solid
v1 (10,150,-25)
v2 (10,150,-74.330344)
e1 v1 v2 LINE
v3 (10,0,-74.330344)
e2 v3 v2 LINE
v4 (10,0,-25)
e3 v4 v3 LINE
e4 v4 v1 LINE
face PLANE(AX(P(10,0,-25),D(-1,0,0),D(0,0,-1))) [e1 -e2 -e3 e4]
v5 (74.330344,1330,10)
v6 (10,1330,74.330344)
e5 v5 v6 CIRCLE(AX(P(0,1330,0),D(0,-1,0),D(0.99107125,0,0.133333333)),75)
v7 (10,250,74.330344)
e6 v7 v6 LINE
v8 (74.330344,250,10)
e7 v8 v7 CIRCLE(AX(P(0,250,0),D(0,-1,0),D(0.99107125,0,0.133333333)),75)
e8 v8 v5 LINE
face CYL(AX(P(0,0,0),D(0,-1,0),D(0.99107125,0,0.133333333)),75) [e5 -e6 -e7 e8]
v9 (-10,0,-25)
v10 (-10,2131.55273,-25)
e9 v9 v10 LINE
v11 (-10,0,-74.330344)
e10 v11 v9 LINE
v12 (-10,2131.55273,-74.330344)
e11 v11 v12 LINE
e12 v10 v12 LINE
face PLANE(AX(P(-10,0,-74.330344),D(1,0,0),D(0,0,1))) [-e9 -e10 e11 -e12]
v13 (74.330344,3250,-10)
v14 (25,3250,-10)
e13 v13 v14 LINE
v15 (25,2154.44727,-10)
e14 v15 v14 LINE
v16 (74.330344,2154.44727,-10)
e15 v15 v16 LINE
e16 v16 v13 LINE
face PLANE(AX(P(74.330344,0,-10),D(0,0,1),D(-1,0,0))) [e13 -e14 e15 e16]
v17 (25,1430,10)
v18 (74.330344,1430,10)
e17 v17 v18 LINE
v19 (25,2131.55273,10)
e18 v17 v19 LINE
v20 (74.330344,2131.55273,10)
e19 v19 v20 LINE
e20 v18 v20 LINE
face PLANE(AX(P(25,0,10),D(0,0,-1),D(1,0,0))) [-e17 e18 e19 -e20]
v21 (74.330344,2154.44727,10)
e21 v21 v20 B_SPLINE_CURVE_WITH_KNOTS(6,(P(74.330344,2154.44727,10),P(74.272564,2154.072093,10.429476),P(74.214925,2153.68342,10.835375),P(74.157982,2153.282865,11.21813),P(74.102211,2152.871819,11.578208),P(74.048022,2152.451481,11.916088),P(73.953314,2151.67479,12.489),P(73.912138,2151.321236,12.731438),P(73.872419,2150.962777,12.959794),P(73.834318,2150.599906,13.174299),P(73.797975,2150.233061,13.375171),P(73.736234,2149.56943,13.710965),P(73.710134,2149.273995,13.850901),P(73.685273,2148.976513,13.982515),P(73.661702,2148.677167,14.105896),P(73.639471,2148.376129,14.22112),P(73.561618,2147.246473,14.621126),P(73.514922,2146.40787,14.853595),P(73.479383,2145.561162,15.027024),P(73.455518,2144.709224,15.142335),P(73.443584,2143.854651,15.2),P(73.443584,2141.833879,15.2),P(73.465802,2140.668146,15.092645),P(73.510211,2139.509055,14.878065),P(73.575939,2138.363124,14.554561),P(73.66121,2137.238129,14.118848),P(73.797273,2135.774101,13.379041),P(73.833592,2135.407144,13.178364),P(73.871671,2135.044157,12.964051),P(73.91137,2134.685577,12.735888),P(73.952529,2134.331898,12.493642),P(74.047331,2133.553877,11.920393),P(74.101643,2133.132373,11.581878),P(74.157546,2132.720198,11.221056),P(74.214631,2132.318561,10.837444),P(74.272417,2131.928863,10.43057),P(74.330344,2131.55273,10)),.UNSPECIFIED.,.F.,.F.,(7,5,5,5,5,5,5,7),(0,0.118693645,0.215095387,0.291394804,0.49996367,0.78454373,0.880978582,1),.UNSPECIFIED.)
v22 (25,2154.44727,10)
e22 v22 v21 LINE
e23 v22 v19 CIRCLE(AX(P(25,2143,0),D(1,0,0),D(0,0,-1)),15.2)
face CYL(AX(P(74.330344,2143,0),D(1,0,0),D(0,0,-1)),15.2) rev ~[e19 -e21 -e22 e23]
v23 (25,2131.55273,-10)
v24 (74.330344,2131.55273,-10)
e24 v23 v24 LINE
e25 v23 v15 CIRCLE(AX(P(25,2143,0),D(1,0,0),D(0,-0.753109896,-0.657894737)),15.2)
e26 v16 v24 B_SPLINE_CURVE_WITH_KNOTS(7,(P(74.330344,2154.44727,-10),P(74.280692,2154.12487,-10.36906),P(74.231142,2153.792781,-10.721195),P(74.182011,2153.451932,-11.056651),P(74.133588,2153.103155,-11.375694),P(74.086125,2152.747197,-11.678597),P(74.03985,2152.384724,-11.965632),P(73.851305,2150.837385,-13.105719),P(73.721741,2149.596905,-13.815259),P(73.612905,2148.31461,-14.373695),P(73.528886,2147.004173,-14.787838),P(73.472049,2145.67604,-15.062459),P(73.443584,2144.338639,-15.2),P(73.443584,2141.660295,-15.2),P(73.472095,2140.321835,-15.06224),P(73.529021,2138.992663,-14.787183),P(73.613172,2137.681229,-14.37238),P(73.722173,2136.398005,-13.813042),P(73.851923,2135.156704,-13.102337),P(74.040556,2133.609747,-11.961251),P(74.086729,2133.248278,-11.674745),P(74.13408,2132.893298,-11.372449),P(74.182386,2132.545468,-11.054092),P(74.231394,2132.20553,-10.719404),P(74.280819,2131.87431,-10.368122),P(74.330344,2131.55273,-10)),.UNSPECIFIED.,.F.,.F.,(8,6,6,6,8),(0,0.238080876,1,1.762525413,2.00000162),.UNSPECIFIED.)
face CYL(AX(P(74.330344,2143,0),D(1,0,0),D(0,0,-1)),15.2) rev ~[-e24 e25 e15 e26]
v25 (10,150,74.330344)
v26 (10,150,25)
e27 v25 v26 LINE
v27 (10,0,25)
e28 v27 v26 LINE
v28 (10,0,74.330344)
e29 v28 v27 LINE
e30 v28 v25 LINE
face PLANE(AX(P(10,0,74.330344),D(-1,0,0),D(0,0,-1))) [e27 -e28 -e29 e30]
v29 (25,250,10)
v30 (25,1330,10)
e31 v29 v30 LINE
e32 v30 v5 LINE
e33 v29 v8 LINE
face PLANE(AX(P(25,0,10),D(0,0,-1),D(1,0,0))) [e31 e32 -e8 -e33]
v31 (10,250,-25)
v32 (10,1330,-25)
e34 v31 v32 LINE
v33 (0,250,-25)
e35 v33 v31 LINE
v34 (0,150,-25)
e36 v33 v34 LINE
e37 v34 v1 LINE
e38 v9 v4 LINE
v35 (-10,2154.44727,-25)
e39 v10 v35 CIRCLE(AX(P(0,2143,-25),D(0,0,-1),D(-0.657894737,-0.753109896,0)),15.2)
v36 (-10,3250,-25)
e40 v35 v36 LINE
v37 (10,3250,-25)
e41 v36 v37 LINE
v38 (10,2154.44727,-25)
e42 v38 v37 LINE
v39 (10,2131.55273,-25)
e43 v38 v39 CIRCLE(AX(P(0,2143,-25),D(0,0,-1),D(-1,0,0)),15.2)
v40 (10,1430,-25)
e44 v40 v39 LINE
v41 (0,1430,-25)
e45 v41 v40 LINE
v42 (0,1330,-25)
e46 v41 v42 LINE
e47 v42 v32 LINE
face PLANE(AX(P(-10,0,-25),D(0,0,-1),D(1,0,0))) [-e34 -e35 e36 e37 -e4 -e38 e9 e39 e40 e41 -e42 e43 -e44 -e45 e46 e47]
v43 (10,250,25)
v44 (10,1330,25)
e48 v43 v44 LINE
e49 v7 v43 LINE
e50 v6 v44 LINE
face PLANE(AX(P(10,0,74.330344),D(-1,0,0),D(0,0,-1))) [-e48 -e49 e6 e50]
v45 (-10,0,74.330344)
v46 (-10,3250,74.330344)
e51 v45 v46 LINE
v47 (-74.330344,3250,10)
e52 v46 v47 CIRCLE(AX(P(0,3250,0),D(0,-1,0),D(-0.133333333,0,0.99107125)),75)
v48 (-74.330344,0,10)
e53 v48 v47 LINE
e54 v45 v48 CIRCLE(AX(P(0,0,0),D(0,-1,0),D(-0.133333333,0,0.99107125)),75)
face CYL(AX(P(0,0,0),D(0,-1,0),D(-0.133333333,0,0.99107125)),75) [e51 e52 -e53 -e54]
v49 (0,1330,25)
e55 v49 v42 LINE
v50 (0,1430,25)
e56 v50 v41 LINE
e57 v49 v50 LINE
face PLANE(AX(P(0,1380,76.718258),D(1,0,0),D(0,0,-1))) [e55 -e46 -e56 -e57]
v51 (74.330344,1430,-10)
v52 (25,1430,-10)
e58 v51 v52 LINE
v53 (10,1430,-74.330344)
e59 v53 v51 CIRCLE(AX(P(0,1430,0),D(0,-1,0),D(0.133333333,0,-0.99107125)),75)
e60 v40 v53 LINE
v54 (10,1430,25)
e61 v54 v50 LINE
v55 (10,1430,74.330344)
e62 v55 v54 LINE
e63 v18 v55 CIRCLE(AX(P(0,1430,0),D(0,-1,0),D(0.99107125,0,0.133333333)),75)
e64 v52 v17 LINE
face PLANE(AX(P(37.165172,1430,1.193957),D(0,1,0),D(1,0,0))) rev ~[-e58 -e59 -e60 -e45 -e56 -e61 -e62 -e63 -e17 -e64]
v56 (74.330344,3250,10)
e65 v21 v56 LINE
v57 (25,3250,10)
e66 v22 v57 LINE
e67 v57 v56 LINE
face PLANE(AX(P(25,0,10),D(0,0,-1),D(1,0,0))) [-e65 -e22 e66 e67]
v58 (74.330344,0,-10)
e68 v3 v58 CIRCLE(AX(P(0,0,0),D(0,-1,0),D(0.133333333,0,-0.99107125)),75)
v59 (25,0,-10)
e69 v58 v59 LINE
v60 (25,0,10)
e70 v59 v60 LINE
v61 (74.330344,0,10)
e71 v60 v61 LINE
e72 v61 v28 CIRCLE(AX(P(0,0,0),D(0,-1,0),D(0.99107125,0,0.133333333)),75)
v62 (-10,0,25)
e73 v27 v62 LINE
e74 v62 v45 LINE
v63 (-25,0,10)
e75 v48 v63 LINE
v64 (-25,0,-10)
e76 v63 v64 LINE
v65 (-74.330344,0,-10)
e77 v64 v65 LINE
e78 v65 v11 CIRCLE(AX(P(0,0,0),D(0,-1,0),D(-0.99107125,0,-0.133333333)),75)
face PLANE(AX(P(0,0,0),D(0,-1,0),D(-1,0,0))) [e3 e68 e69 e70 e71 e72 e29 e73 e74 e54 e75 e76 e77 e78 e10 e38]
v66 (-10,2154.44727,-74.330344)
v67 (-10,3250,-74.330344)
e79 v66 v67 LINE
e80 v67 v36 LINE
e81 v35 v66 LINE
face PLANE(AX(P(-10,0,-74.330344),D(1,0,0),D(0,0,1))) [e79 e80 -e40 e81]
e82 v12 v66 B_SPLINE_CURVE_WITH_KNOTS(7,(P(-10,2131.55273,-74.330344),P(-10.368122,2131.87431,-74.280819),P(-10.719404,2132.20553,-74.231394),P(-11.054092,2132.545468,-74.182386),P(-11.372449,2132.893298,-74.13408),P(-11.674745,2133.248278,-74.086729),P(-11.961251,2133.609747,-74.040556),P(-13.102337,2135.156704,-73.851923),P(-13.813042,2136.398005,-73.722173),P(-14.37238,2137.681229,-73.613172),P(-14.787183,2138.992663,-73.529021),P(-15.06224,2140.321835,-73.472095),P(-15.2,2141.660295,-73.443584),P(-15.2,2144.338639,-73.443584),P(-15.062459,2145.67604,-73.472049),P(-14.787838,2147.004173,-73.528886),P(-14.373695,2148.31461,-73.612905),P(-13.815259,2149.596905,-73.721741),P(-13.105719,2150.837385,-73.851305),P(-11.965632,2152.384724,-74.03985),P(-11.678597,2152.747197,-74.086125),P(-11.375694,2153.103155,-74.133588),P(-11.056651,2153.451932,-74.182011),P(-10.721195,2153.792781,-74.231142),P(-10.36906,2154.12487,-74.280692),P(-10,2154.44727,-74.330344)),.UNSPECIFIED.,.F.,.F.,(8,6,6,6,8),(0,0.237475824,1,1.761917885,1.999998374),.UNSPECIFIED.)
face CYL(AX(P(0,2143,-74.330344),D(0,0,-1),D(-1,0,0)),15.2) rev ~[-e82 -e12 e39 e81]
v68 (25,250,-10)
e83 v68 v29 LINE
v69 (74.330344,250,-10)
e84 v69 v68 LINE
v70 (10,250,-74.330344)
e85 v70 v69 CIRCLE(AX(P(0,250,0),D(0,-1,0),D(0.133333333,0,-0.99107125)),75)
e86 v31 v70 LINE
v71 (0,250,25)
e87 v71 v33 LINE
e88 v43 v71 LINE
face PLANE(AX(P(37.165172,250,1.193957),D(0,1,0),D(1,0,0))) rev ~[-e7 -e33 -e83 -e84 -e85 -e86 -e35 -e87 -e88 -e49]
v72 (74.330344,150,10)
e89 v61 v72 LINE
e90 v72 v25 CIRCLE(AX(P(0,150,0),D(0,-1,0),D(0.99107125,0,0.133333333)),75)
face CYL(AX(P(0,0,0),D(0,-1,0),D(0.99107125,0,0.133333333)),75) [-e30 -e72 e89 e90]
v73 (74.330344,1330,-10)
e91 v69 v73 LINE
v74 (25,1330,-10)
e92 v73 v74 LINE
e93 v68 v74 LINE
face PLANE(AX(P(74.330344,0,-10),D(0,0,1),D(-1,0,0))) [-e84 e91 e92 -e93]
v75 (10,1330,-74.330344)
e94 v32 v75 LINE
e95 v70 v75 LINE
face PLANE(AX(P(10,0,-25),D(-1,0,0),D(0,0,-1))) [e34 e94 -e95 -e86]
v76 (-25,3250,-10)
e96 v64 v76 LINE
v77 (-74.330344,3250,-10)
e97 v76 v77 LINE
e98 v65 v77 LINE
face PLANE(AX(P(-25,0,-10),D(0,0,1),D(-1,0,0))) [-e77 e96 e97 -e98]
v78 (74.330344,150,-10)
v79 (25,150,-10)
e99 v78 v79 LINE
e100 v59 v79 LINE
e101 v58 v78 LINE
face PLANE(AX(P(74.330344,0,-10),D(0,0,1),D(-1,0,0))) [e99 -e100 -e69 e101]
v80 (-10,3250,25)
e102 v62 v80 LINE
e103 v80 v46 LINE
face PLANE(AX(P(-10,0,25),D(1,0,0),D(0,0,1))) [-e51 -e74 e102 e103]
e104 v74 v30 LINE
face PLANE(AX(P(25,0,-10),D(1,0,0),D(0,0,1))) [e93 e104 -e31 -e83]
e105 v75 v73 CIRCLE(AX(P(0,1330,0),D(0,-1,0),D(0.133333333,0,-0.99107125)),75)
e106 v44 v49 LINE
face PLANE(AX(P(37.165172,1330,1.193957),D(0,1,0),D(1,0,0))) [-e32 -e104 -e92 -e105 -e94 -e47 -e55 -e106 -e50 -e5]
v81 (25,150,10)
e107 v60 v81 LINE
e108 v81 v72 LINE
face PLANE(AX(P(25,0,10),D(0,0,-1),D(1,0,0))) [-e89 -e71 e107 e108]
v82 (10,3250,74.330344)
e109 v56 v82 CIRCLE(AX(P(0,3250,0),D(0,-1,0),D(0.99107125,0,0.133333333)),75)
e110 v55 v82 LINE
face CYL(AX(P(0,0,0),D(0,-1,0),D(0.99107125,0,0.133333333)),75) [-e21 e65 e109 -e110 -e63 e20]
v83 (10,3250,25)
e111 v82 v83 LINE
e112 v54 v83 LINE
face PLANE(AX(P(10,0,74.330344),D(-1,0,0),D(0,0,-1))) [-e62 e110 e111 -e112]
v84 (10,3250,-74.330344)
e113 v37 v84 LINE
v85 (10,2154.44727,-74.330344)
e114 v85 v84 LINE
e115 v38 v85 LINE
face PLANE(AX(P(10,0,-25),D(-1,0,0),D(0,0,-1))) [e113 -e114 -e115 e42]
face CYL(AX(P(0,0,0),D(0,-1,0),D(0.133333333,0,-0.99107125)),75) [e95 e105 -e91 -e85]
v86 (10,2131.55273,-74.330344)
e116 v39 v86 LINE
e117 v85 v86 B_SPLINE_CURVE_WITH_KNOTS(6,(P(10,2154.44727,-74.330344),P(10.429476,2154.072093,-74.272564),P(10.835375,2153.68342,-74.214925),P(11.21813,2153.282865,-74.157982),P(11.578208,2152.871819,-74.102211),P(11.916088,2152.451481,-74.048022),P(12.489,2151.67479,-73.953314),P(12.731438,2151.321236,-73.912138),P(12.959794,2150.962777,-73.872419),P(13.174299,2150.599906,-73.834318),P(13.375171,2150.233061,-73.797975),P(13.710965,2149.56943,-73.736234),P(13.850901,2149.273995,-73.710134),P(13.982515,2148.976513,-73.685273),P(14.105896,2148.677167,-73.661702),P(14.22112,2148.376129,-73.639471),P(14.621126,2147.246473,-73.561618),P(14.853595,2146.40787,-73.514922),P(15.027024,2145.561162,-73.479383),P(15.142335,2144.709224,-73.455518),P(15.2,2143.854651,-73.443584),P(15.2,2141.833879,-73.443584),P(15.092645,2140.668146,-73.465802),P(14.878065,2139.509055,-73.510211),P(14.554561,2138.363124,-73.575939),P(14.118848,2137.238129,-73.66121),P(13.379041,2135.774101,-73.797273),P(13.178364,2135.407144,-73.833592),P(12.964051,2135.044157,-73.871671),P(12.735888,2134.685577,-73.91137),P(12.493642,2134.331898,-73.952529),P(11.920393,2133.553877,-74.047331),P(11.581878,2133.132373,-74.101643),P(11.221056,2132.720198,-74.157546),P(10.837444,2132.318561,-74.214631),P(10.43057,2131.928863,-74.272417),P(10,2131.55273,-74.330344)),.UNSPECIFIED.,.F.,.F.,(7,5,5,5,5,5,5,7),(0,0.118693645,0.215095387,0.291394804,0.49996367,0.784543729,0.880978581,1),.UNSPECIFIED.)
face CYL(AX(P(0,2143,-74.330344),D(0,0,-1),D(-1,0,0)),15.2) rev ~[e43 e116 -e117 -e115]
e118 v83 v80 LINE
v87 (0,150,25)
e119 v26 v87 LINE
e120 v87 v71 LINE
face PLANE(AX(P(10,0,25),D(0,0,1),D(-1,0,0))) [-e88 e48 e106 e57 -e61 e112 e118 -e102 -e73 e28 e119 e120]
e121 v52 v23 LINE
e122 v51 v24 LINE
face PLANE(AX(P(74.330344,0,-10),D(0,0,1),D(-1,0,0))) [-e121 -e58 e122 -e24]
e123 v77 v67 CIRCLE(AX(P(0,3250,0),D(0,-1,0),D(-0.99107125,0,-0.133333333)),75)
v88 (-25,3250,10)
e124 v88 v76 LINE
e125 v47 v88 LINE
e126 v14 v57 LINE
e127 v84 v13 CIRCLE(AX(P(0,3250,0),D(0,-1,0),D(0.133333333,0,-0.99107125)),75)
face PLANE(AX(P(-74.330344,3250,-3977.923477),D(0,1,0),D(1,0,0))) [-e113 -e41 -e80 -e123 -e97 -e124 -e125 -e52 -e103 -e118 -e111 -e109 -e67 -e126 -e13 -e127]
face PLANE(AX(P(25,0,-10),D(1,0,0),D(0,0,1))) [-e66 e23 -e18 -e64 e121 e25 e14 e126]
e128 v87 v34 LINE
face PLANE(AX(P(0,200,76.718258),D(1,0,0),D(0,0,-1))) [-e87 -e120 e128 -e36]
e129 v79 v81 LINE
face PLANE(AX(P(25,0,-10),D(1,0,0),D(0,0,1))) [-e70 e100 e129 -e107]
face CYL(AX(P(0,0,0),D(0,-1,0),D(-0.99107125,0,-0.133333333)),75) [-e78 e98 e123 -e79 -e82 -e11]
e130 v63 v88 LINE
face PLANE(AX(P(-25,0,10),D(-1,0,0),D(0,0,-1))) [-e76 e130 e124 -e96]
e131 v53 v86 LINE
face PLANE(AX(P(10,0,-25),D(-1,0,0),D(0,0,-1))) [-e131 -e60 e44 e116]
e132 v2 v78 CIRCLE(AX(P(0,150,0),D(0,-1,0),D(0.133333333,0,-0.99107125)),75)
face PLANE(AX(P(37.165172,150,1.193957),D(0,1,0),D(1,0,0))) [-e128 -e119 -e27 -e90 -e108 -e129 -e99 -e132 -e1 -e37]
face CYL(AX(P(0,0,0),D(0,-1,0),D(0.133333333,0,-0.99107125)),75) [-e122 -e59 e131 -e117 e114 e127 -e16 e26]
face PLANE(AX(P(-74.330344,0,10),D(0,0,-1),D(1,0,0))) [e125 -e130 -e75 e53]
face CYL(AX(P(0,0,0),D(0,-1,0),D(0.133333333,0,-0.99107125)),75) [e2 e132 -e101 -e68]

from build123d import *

# Parameters (mm, degrees)
BOSS_EXTRUDE2_DEPTH     = 4000
CUT_EXTRUDE1_START      = 200
SKETCH2_W               = 74.330343737
SKETCH2_H               = 151.048602177
CUT_EXTRUDE1_DEPTH      = 50
CUT_EXTRUDE2_START      = 1380
SKETCH2_2_W             = 74.330343737
SKETCH2_2_H             = 151.048602177
CUT_EXTRUDE2_DEPTH      = 50
SKETCH3_R               = 15.2
CUT_EXTRUDE3_DEPTH      = 49.330343737
SKETCH4_R               = 15.2
CUT_EXTRUDE4_DEPTH      = 49.330343737
CUT_EXTRUDE5_DEPTH      = 4002.923477282
CUT_EXTRUDE5_DEPTH_BACK = 4002.923477282
SKETCH5_W               = 148.660687474
SKETCH5_H               = 750


with BuildPart() as part:
    # Sketch1 → Boss-Extrude2 (new body)
    with BuildSketch(Plane(origin=(0, 0, 0), x_dir=(1, 0, 0), z_dir=(0, 1, 0))):
        with BuildLine():
            Line((-10, 74.330343737), (-10, 25))
            Line((-10, 25), (10, 25))
            Line((10, 25), (10, 74.330343737))
            ThreePointArc((10, 74.330343737), (53.033008589, 53.033008589), (74.330343737, 10))
            Line((74.330343737, 10), (25, 10))
            Line((25, 10), (25, -10))
            Line((25, -10), (74.330343737, -10))
            ThreePointArc((74.330343737, -10), (53.033008589, -53.033008589), (10, -74.330343737))
            Line((10, -74.330343737), (10, -25))
            Line((10, -25), (-10, -25))
            Line((-10, -25), (-10, -74.330343737))
            ThreePointArc((-10, -74.330343737), (-53.033008589, -53.033008589), (-74.330343737, -10))
            Line((-74.330343737, -10), (-25, -10))
            Line((-25, -10), (-25, 10))
            Line((-25, 10), (-74.330343737, 10))
            ThreePointArc((-74.330343737, 10), (-53.033008589, 53.033008589), (-10, 74.330343737))
        make_face()
    extrude(amount=BOSS_EXTRUDE2_DEPTH)

    # Sketch2 → Cut-Extrude1 (cut, symmetric)
    with BuildSketch(Plane(origin=(0, 0, 0), x_dir=(1, 0, 0), z_dir=(0, 1, 0)).offset(CUT_EXTRUDE1_START)):
        with Locations((37.165171869, -1.193957351)):
            Rectangle(SKETCH2_W, SKETCH2_H)
    extrude(amount=CUT_EXTRUDE1_DEPTH, both=True, mode=Mode.SUBTRACT)

    # Sketch2<2> → Cut-Extrude2 (cut, symmetric)
    with BuildSketch(Plane(origin=(0, 0, 0), x_dir=(1, 0, 0), z_dir=(0, 1, 0)).offset(CUT_EXTRUDE2_START)):
        with Locations((37.165171869, -1.193957351)):
            Rectangle(SKETCH2_2_W, SKETCH2_2_H)
    extrude(amount=CUT_EXTRUDE2_DEPTH, both=True, mode=Mode.SUBTRACT)

    # Sketch3 → Cut-Extrude3 (cut)
    with BuildSketch(Plane(origin=(74.330343737, 0, 0), x_dir=(0, 0, -1), z_dir=(1, 0, 0))):
        with Locations((0, 2143)):
            Circle(SKETCH3_R)
    extrude(amount=-CUT_EXTRUDE3_DEPTH, mode=Mode.SUBTRACT)

    # Sketch4 → Cut-Extrude4 (cut)
    with BuildSketch(Plane(origin=(0, 0, -74.330343737), x_dir=(-1, 0, 0), z_dir=(0, 0, -1))):
        with Locations((0, 2143)):
            Circle(SKETCH4_R)
    extrude(amount=-CUT_EXTRUDE4_DEPTH, mode=Mode.SUBTRACT)

    # Sketch5 → Cut-Extrude5 (cut, two sides: drawn at the far end of the back side and taken through both)
    with BuildSketch(Plane.XY.offset(25).offset(-CUT_EXTRUDE5_DEPTH_BACK)):
        with Locations((0, 3625)):
            Rectangle(SKETCH5_W, SKETCH5_H)
    extrude(amount=CUT_EXTRUDE5_DEPTH + CUT_EXTRUDE5_DEPTH_BACK, mode=Mode.SUBTRACT)


solid = part.part
